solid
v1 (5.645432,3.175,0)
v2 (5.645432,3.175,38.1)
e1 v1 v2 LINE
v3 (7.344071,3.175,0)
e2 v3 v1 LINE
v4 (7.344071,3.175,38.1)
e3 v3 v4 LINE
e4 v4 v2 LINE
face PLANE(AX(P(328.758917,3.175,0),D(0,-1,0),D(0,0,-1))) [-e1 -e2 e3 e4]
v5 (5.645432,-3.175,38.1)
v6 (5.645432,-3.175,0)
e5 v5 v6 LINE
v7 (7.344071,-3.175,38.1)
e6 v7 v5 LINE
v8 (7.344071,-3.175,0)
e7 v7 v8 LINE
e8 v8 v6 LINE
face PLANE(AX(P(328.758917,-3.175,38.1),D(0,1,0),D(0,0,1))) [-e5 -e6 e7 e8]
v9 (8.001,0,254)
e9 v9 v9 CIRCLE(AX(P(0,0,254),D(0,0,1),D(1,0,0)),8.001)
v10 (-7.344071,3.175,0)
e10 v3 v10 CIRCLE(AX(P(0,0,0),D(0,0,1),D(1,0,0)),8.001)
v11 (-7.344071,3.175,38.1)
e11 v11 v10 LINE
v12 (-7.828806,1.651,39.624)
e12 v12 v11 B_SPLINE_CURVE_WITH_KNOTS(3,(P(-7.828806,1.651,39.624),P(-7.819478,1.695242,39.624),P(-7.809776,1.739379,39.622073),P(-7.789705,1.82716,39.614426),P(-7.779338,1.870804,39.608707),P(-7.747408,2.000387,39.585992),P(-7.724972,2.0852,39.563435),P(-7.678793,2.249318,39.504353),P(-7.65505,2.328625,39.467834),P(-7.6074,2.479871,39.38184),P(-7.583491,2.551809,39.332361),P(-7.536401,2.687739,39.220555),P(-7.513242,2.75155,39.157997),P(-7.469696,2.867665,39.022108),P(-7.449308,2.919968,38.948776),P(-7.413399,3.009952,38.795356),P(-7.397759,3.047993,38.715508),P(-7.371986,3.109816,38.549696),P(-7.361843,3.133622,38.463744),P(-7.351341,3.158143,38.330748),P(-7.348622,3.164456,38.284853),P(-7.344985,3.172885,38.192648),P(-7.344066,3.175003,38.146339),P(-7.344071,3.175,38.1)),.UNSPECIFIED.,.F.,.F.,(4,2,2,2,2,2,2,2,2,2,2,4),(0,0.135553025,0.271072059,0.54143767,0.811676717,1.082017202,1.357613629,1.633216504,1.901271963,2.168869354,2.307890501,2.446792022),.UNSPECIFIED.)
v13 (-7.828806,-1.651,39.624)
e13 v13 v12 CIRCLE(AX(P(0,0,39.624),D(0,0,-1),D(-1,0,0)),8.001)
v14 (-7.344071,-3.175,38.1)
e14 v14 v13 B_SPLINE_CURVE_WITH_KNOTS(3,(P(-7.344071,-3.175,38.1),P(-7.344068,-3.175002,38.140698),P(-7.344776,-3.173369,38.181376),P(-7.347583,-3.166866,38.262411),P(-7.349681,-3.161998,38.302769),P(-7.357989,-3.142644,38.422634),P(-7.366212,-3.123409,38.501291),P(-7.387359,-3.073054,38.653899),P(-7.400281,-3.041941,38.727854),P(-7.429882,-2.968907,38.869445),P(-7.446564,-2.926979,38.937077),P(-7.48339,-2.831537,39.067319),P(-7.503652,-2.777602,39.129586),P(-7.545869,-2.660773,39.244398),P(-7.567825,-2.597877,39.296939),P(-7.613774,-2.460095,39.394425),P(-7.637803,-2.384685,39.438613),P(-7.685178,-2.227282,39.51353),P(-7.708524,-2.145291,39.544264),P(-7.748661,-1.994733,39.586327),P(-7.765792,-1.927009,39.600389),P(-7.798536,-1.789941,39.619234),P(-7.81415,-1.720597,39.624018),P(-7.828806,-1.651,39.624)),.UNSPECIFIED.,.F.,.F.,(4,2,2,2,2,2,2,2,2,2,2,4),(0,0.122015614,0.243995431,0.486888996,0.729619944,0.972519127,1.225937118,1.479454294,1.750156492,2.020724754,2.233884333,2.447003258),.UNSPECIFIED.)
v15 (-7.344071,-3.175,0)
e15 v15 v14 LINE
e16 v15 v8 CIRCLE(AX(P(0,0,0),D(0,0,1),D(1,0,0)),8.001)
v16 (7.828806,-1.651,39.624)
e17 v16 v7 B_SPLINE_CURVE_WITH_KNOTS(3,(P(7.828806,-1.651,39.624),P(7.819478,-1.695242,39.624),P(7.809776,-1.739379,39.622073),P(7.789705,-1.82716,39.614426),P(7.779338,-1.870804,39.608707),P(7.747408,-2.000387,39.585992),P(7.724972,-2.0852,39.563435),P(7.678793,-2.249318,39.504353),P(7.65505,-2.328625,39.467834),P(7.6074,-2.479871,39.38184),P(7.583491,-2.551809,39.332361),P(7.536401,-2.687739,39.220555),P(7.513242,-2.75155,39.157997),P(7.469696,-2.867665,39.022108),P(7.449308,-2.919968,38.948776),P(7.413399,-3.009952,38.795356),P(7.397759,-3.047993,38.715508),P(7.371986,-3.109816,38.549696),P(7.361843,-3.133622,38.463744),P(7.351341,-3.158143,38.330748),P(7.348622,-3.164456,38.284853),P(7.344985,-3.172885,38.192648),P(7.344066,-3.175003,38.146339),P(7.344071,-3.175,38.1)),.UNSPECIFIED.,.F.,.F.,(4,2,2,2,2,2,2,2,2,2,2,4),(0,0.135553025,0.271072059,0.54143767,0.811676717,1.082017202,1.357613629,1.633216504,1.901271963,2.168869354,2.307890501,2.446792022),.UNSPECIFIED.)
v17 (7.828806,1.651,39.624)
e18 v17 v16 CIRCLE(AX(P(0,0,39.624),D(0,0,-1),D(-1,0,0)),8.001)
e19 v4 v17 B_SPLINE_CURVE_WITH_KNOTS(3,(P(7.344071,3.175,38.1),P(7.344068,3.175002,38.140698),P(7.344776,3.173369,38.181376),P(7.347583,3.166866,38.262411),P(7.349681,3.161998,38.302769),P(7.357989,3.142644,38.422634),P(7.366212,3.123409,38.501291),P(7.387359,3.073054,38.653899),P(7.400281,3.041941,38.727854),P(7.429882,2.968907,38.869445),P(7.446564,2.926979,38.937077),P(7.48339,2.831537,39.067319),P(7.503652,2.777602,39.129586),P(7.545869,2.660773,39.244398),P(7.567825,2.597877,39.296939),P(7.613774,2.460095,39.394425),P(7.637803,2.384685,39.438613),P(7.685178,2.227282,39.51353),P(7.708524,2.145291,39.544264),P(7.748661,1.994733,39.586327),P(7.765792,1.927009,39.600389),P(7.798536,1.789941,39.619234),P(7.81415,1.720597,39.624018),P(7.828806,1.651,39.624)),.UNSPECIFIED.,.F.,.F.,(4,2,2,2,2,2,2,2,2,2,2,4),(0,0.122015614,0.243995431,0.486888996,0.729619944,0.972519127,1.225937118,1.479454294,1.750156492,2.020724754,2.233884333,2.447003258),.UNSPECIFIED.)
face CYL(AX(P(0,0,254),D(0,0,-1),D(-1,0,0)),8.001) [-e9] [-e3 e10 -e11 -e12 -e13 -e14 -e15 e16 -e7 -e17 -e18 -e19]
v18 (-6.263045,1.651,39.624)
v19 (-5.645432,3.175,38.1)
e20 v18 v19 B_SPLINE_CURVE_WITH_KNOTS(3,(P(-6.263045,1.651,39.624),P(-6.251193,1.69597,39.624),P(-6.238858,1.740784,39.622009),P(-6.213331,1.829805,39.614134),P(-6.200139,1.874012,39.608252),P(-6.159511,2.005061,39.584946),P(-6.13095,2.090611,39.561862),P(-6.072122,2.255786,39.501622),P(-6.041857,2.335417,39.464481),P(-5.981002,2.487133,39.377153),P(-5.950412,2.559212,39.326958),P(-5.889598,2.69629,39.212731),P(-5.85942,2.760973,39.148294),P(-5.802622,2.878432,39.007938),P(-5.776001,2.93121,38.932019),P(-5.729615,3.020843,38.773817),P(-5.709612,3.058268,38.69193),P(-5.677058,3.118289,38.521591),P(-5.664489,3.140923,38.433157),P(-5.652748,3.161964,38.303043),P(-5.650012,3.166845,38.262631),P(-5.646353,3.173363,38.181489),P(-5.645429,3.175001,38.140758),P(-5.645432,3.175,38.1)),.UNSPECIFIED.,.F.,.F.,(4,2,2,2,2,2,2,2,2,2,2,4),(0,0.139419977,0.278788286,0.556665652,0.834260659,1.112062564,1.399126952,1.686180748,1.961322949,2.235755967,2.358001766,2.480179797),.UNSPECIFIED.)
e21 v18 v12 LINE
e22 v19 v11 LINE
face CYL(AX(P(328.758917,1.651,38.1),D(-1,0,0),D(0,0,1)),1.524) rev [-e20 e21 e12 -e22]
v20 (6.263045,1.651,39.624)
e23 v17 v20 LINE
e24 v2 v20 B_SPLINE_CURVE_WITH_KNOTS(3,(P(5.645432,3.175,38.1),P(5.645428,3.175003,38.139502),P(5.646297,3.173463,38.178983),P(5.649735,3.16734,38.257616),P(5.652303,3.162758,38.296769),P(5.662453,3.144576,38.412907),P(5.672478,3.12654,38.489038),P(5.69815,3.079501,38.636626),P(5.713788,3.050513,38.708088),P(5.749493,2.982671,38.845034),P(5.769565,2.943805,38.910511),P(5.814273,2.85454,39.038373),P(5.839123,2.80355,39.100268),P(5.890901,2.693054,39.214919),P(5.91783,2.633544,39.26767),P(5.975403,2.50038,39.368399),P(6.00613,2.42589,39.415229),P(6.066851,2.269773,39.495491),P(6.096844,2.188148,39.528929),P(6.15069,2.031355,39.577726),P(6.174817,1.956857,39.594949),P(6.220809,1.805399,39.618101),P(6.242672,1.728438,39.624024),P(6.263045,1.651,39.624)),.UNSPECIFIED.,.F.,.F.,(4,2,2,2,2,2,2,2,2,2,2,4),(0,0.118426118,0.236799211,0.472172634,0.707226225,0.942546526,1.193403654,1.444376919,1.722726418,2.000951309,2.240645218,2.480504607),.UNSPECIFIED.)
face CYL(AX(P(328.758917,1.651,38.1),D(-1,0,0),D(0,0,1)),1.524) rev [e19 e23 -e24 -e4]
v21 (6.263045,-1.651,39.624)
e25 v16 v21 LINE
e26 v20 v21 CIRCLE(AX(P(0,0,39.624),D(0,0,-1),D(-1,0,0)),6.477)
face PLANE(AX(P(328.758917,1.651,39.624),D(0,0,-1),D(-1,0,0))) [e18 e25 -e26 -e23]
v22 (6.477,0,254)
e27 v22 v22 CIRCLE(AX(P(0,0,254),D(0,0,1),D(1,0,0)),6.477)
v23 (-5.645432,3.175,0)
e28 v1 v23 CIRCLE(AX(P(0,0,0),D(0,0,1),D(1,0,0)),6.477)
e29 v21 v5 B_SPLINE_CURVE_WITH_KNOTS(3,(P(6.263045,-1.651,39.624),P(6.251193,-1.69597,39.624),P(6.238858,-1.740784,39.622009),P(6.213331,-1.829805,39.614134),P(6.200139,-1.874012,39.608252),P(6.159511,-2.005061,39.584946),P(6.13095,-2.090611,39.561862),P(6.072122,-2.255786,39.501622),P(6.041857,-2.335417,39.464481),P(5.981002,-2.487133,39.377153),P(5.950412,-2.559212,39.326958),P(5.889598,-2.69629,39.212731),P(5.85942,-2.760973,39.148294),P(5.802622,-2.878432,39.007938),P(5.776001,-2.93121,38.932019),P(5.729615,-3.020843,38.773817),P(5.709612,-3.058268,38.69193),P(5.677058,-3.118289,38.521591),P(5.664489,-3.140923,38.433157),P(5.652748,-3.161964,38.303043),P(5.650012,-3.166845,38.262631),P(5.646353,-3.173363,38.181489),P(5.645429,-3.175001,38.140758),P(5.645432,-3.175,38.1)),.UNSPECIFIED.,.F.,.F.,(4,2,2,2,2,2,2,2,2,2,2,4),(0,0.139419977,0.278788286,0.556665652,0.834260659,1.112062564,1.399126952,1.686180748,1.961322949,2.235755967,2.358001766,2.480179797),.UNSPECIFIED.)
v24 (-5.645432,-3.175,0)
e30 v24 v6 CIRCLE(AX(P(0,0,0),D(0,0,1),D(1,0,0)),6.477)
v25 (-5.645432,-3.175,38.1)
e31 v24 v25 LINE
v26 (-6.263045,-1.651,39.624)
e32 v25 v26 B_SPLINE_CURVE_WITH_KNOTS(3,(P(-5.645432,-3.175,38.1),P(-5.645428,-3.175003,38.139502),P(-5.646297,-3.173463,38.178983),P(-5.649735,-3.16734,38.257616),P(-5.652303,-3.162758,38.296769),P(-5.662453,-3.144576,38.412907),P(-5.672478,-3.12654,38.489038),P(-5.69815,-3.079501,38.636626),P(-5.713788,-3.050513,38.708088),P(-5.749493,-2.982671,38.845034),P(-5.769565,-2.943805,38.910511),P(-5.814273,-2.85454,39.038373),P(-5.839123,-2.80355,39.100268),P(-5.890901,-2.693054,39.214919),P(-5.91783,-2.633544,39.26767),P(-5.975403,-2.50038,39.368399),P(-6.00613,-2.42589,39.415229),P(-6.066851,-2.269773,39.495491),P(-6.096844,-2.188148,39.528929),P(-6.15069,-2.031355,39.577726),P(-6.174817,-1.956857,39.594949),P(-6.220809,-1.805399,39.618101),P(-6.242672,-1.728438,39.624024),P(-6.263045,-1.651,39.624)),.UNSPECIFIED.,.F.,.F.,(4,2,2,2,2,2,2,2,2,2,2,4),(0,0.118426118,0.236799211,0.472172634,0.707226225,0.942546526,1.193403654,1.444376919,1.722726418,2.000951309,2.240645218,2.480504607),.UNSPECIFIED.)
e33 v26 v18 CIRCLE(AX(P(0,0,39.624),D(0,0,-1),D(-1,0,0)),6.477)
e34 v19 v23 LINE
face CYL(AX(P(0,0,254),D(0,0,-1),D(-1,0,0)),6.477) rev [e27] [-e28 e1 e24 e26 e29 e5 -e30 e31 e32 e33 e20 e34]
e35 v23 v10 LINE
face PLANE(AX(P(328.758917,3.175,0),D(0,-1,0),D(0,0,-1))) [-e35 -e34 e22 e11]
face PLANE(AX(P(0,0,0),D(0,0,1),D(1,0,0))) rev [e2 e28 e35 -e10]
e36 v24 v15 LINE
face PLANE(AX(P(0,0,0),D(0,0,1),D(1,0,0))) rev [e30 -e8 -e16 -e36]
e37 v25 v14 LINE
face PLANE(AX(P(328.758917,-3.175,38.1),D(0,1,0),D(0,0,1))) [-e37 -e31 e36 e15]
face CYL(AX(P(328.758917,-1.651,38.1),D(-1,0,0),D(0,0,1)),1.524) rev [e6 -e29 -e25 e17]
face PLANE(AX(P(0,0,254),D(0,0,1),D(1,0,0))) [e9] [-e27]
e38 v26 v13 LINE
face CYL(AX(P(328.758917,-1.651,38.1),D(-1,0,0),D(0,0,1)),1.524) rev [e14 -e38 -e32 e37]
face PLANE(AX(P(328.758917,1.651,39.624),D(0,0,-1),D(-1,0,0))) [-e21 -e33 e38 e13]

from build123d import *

# Parameters (mm, degrees)
SKETCH1_R               = 8.001
SKETCH1_R_2             = 6.477
BOSS_EXTRUDE1_DEPTH     = 254
CUT_EXTRUDE2_DEPTH      = 255.251906585
CUT_EXTRUDE2_DEPTH_BACK = 255.251906585


with BuildPart() as part:
    # Sketch1 → Boss-Extrude1 (new body)
    with BuildSketch(Plane.XY):
        Circle(SKETCH1_R)
        Circle(SKETCH1_R_2, mode=Mode.SUBTRACT)
    extrude(amount=BOSS_EXTRUDE1_DEPTH)

    # Sketch2 → Cut-Extrude2 (cut, two sides: drawn at the far end of the back side and taken through both)
    with BuildSketch(Plane(origin=(0, 0, 0), x_dir=(0, 0, -1), z_dir=(1, 0, 0)).offset(-CUT_EXTRUDE2_DEPTH_BACK)):
        with BuildLine():
            Line((518.491506226, 3.175), (0, 3.175))
            Line((0, 3.175), (-38.1, 3.175))
            ThreePointArc((-38.1, 3.175), (-39.177630735, 2.728630735), (-39.624, 1.651))
            Line((-39.624, 1.651), (-39.624, -1.651))
            ThreePointArc((-39.624, -1.651), (-39.177630735, -2.728630735), (-38.1, -3.175))
            Line((-38.1, -3.175), (0, -3.175))
            Line((0, -3.175), (518.491506226, -3.175))
            Line((518.491506226, -3.175), (1555.474518678, -3.175))
            Line((1555.474518678, -3.175), (1555.474518678, 3.175))
            Line((1555.474518678, 3.175), (518.491506226, 3.175))
        make_face()
    extrude(amount=CUT_EXTRUDE2_DEPTH + CUT_EXTRUDE2_DEPTH_BACK, mode=Mode.SUBTRACT)


solid = part.part
